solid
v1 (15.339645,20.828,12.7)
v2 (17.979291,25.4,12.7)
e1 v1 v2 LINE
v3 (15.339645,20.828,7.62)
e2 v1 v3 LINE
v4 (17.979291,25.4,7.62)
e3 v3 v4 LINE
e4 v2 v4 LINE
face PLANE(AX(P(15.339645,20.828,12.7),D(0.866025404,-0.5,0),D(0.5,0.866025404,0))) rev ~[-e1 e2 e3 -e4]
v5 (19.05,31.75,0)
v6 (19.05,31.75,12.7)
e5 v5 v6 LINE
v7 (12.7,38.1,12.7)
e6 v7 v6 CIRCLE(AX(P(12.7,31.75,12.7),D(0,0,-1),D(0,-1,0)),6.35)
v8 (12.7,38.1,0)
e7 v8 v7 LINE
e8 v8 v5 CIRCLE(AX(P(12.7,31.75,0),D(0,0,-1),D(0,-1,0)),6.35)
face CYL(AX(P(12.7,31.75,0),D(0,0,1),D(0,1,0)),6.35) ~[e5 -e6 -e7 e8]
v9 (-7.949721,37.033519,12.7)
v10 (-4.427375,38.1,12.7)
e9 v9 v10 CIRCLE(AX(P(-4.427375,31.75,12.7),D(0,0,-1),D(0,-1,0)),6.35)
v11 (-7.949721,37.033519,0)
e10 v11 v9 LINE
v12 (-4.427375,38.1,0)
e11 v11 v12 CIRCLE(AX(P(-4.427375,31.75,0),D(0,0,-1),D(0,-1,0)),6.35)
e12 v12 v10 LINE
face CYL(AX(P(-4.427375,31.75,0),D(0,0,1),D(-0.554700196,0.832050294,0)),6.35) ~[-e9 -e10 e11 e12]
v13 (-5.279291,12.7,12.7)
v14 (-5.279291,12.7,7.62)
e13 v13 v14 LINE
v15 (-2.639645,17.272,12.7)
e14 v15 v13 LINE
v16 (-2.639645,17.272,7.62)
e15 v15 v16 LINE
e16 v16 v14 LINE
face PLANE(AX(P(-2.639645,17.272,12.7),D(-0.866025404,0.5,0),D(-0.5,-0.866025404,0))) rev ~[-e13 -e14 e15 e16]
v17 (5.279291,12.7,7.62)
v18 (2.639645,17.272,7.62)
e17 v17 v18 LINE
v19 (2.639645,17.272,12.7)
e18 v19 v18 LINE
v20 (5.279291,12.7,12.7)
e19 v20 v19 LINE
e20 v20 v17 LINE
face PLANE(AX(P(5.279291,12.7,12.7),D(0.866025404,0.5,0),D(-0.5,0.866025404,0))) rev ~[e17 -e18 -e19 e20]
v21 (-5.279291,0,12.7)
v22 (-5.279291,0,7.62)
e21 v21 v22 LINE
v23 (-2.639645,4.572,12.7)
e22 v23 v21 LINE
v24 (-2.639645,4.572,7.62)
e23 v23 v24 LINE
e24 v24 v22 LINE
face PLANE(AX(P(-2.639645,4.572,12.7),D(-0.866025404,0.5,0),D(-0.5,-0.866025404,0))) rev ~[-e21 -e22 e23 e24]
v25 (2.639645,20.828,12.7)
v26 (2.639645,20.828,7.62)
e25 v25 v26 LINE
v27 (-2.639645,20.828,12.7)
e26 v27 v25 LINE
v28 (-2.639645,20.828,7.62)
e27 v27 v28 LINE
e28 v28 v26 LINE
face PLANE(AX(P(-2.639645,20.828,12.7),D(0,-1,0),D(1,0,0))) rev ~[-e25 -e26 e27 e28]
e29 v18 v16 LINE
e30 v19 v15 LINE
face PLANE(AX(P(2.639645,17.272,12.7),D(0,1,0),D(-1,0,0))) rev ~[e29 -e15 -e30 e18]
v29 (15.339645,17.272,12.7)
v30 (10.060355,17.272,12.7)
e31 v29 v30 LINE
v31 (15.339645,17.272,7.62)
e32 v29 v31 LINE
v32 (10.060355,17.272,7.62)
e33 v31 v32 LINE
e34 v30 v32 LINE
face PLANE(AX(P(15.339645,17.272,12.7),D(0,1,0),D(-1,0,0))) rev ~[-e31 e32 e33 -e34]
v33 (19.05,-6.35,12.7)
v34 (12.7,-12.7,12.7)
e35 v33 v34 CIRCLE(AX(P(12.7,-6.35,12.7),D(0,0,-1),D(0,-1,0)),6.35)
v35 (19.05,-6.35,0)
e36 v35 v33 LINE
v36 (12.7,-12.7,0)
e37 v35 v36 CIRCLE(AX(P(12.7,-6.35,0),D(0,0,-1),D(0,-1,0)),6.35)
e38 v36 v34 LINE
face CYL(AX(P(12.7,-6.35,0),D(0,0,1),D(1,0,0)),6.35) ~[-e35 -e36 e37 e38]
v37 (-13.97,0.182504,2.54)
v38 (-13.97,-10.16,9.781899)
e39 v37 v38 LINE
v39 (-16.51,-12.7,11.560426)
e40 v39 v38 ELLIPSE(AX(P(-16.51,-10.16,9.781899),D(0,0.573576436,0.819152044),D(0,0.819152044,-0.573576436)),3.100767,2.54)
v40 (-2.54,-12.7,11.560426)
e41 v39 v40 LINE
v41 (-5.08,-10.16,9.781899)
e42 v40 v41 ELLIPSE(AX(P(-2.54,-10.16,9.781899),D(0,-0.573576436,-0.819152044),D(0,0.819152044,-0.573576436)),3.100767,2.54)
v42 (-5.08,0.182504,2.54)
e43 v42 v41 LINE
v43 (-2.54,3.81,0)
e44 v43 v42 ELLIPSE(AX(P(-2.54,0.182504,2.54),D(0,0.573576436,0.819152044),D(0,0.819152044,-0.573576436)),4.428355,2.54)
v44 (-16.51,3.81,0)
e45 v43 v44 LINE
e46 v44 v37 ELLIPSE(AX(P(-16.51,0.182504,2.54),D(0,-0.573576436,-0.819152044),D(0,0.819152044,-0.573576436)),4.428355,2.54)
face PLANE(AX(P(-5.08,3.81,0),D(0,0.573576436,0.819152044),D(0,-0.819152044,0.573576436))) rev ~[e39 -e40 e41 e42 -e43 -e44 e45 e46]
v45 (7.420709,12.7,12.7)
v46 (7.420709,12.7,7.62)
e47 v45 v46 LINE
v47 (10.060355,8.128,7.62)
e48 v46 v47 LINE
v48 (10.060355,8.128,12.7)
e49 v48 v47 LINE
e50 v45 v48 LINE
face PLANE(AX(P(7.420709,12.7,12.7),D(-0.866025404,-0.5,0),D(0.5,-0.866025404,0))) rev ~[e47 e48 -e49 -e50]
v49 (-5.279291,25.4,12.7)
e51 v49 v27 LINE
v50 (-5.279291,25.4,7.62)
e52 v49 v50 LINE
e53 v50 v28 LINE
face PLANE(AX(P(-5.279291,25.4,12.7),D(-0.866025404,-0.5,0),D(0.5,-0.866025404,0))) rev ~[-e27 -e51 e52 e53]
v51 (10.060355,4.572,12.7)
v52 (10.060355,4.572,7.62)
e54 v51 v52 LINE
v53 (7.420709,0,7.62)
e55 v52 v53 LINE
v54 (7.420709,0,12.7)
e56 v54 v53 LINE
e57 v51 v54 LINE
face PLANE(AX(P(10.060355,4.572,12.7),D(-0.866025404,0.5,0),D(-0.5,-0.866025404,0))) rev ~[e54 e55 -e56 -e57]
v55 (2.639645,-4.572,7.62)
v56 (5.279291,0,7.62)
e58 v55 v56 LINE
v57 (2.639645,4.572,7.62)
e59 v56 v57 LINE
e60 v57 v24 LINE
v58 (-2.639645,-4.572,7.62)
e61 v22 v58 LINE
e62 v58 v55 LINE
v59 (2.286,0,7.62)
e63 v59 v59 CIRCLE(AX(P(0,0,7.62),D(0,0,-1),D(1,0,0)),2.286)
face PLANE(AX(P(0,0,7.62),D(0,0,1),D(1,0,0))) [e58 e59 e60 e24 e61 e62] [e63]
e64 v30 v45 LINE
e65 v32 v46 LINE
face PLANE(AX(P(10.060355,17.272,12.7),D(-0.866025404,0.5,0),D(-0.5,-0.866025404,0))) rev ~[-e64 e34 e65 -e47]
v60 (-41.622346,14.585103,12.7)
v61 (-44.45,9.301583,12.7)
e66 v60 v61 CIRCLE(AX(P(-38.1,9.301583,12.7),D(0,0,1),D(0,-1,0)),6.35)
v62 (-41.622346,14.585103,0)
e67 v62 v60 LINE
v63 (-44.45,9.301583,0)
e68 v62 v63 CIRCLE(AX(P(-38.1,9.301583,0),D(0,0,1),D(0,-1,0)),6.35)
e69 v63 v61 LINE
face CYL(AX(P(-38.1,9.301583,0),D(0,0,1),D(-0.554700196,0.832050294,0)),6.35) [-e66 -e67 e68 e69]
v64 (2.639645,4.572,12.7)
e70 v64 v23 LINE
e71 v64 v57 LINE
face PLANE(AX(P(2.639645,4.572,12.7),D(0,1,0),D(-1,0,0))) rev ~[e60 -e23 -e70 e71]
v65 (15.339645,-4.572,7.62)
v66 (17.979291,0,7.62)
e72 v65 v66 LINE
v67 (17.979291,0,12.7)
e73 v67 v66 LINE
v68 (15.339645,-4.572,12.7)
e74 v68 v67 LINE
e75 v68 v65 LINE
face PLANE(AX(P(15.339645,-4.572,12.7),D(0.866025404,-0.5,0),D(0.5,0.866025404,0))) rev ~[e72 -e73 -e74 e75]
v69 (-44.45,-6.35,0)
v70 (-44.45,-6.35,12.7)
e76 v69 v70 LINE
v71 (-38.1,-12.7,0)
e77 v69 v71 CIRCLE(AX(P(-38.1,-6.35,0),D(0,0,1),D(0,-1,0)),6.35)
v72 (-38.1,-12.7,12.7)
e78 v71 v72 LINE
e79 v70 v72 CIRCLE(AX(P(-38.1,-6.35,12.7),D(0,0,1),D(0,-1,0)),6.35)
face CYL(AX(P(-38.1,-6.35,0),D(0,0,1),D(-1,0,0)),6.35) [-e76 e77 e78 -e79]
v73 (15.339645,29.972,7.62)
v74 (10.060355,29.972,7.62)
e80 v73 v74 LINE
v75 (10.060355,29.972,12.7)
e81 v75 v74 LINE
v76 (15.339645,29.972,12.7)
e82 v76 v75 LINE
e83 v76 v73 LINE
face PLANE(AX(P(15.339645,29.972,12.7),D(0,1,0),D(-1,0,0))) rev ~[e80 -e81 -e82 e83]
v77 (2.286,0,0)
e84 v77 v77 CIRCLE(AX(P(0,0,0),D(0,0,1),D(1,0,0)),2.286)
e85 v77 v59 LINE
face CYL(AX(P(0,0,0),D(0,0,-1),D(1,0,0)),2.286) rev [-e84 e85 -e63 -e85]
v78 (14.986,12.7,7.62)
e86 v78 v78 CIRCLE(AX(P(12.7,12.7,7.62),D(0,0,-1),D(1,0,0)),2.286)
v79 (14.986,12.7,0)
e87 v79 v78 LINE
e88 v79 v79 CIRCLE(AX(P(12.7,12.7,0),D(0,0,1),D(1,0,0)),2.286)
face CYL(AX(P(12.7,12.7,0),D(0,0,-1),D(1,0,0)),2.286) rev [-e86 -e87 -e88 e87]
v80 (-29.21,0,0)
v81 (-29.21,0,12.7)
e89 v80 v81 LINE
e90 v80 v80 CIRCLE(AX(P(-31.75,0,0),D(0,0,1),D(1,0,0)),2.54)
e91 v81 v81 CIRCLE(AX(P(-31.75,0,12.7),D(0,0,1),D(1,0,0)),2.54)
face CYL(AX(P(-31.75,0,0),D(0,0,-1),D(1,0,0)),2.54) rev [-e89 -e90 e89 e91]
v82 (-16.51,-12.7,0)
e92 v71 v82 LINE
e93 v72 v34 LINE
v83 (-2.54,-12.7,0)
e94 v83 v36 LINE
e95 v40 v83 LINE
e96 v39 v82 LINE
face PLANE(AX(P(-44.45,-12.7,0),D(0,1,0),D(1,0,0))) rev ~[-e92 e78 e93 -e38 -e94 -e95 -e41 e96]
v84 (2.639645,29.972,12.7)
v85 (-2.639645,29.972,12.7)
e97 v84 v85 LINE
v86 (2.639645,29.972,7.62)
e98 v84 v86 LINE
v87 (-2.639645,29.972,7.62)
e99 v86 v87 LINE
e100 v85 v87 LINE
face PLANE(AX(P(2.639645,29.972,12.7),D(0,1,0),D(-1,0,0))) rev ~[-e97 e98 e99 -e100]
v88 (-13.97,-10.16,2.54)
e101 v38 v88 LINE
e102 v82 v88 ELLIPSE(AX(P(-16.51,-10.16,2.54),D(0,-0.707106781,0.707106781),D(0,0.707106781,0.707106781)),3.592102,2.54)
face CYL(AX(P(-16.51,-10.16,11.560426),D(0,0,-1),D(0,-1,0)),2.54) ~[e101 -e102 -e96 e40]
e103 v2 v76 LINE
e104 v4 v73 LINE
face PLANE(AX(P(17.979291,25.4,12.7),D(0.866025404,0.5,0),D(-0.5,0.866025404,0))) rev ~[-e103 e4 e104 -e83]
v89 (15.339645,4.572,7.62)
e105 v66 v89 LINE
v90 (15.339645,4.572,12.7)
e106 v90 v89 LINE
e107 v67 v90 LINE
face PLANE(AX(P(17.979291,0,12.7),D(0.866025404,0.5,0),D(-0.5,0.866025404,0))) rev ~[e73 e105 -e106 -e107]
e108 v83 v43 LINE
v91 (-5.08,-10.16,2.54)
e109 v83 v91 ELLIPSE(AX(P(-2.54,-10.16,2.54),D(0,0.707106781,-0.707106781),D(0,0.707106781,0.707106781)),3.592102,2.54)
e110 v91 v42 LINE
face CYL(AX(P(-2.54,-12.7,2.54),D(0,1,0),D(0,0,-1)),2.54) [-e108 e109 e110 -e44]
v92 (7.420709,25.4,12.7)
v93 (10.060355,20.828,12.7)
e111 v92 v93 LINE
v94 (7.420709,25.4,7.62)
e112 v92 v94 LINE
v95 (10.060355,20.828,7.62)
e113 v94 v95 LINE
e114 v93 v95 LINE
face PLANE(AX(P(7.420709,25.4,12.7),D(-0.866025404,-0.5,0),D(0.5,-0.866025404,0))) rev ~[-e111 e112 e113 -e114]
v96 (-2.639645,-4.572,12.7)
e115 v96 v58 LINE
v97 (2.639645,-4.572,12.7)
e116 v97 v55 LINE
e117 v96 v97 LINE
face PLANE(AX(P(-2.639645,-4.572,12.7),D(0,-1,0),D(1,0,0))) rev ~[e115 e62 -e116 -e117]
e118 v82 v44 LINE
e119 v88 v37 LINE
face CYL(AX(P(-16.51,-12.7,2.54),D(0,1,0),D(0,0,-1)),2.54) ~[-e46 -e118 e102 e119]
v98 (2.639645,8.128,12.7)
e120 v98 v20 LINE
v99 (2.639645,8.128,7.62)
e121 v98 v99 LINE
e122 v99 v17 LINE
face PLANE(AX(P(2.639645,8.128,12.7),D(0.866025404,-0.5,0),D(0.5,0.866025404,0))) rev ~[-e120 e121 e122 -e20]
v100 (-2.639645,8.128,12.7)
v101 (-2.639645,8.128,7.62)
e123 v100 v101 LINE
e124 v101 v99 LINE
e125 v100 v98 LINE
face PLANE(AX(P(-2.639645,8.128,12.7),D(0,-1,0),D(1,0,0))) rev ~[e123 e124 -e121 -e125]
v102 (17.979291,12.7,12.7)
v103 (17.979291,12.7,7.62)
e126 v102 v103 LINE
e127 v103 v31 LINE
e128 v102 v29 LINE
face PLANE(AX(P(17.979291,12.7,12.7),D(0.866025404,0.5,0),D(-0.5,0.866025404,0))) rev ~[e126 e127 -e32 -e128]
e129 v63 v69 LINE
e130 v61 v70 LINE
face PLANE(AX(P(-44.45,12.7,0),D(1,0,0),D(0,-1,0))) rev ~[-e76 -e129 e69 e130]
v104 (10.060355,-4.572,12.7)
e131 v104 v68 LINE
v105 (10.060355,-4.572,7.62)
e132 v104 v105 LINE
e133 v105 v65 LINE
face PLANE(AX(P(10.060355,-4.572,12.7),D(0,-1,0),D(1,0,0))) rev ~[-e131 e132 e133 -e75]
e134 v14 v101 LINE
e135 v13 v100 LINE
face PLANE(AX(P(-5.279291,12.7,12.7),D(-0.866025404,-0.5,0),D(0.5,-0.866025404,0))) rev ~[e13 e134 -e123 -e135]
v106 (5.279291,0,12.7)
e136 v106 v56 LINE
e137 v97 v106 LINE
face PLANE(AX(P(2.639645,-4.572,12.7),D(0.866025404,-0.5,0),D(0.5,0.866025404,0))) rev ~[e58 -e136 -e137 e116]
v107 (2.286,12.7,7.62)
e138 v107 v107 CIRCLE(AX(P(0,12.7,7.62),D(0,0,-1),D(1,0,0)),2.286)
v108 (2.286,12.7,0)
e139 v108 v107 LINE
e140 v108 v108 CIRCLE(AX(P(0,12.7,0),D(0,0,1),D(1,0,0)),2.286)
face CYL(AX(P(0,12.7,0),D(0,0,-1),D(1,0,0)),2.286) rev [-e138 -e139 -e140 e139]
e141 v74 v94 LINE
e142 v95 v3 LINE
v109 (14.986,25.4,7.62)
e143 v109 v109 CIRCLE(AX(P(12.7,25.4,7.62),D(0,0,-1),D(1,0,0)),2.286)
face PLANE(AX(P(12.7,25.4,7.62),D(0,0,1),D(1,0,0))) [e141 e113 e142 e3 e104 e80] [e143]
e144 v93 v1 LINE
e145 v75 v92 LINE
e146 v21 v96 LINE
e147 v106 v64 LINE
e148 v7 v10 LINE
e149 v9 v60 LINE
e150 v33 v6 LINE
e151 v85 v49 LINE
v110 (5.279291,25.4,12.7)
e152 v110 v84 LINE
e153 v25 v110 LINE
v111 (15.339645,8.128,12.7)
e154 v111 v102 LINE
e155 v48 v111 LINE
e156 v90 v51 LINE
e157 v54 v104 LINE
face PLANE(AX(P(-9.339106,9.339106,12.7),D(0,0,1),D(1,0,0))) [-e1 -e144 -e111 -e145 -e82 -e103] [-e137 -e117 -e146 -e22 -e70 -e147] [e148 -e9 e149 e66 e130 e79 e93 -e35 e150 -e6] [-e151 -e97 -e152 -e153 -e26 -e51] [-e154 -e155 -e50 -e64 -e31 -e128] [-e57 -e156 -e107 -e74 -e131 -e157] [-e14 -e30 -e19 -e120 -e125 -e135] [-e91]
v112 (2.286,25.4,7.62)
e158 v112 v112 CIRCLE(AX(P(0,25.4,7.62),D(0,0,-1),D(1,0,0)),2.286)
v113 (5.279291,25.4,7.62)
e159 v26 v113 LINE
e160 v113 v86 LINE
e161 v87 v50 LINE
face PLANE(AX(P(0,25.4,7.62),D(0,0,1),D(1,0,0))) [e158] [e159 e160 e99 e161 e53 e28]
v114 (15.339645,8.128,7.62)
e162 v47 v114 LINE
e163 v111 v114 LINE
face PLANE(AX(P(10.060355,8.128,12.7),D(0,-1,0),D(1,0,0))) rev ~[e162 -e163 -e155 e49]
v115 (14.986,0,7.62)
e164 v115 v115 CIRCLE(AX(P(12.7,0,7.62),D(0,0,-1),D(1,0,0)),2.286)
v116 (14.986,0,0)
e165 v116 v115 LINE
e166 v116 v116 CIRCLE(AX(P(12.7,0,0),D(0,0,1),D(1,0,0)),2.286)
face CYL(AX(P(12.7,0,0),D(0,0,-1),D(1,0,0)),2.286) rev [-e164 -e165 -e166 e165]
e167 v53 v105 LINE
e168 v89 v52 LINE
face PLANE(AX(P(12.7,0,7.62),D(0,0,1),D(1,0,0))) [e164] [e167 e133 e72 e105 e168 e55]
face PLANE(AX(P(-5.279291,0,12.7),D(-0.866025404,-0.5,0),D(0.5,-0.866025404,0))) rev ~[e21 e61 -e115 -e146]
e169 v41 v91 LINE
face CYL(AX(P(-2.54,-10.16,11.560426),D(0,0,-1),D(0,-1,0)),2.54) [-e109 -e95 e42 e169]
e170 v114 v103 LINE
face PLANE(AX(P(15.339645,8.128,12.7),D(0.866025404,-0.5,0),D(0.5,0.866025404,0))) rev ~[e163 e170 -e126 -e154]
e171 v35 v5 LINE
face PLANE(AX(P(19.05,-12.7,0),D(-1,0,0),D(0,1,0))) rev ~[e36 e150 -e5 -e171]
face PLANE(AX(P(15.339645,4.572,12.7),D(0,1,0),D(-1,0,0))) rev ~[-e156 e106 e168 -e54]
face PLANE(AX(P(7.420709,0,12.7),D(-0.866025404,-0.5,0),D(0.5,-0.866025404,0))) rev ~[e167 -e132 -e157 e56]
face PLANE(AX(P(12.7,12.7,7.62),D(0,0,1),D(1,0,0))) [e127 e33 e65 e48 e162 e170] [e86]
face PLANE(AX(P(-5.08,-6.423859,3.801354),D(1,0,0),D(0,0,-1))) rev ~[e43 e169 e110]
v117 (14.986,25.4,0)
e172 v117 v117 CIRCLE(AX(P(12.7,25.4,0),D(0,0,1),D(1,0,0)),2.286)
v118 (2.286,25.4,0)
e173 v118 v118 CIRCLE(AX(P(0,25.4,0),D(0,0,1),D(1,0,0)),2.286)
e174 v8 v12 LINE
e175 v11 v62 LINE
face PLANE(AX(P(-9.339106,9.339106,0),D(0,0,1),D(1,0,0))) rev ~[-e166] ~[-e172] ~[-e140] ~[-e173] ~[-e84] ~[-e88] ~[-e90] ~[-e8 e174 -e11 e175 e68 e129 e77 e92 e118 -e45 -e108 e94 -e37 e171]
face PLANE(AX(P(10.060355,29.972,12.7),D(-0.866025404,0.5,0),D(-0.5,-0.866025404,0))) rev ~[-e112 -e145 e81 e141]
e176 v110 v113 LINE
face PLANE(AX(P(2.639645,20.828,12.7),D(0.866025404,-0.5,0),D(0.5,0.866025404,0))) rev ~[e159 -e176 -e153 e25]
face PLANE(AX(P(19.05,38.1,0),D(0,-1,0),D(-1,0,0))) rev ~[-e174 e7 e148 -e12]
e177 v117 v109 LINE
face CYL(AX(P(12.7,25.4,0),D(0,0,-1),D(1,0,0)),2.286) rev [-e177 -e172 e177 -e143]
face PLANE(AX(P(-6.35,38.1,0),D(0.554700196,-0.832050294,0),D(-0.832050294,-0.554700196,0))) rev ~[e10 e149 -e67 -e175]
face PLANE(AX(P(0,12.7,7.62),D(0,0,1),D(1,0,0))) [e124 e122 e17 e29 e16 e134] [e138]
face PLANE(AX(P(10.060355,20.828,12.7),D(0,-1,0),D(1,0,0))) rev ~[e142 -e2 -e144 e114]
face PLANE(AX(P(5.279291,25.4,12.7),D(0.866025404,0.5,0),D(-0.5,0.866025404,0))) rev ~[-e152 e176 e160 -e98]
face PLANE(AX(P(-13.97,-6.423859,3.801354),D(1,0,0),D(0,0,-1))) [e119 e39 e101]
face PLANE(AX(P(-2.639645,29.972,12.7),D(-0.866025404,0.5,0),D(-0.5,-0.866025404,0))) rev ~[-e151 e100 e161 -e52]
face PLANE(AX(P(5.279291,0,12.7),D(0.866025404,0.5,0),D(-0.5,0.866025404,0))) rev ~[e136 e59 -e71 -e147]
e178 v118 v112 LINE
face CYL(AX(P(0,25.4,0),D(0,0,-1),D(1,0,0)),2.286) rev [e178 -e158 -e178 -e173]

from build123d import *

# Parameters (mm, degrees)
SKETCH1_R           = 2.286
SKETCH1_R_2         = 2.54
BOSS_EXTRUDE1_DEPTH = 12.7
FILLET1_R           = 6.35
CUT_EXTRUDE1_DEPTH  = 8.89
FILLET2_R           = 2.54
CUT_EXTRUDE2_DEPTH  = 5.08


with BuildPart() as part:
    # Sketch1 → Boss-Extrude1 (new body)
    with BuildSketch(Plane.XY):
        Polygon((-6.35, 38.1), (-44.45, 12.7), (-44.45, -12.7), (-6.35, -12.7), (19.05, -12.7), (19.05, 38.1), align=None)
        Circle(SKETCH1_R, mode=Mode.SUBTRACT)
        with Locations((-31.75, 0)):
            Circle(SKETCH1_R_2, mode=Mode.SUBTRACT)
        with Locations((12.7, 0)):
            Circle(SKETCH1_R, mode=Mode.SUBTRACT)
        with Locations((12.7, 12.7)):
            Circle(SKETCH1_R, mode=Mode.SUBTRACT)
        with Locations((12.7, 25.4)):
            Circle(SKETCH1_R, mode=Mode.SUBTRACT)
        with Locations((0, 12.7)):
            Circle(SKETCH1_R, mode=Mode.SUBTRACT)
        with Locations((0, 25.4)):
            Circle(SKETCH1_R, mode=Mode.SUBTRACT)
    extrude(amount=BOSS_EXTRUDE1_DEPTH)

    # Fillet1
    fillet1_edges = [part.edges().sort_by_distance(p)[0] for p in [
        (-44.45, -12.7, 6.35),
        (-44.45, 12.7, 6.35),
        (-6.35, 38.1, 6.35),
        (19.05, 38.1, 6.35),
        (19.05, -12.7, 6.35),
    ]]
    fillet(fillet1_edges, radius=FILLET1_R)

    # Sketch2 → Cut-Extrude1 (cut)
    with BuildSketch(Plane(origin=(-5.08, 0, 0), x_dir=(0, 0, -1), z_dir=(1, 0, 0))):
        Polygon((0, 3.81), (-11.560426456, -12.7), (0, -12.7), align=None)
    extrude(amount=-CUT_EXTRUDE1_DEPTH, mode=Mode.SUBTRACT)

    # Fillet2
    fillet2_edges = [part.edges().sort_by_distance(p)[0] for p in [
        (-13.97, -4.445, 0),
        (-13.97, -12.7, 5.780213228),
        (-5.08, -4.445, 0),
        (-5.08, -12.7, 5.780213228),
    ]]
    fillet(fillet2_edges, radius=FILLET2_R)

    # Sketch3 → Cut-Extrude2 (cut)
    with BuildSketch(Plane.XY.offset(12.7)):
        Polygon((17.979290861, 0), (15.339645431, 4.572), (10.060354569, 4.572), (7.420709139, 0), (10.060354569, -4.572), (15.339645431, -4.572), align=None)
        Polygon((5.279290861, 0), (2.639645431, 4.572), (-2.639645431, 4.572), (-5.279290861, 0), (-2.639645431, -4.572), (2.639645431, -4.572), align=None)
        Polygon((17.979290861, 12.7), (15.339645431, 17.272), (10.060354569, 17.272), (7.420709139, 12.7), (10.060354569, 8.128), (15.339645431, 8.128), align=None)
        Polygon((17.979290861, 25.4), (15.339645431, 29.972), (10.060354569, 29.972), (7.420709139, 25.4), (10.060354569, 20.828), (15.339645431, 20.828), align=None)
        Polygon((5.279290861, 12.7), (2.639645431, 17.272), (-2.639645431, 17.272), (-5.279290861, 12.7), (-2.639645431, 8.128), (2.639645431, 8.128), align=None)
        Polygon((5.279290861, 25.4), (2.639645431, 29.972), (-2.639645431, 29.972), (-5.279290861, 25.4), (-2.639645431, 20.828), (2.639645431, 20.828), align=None)
    extrude(amount=-CUT_EXTRUDE2_DEPTH, mode=Mode.SUBTRACT)


solid = part.part
